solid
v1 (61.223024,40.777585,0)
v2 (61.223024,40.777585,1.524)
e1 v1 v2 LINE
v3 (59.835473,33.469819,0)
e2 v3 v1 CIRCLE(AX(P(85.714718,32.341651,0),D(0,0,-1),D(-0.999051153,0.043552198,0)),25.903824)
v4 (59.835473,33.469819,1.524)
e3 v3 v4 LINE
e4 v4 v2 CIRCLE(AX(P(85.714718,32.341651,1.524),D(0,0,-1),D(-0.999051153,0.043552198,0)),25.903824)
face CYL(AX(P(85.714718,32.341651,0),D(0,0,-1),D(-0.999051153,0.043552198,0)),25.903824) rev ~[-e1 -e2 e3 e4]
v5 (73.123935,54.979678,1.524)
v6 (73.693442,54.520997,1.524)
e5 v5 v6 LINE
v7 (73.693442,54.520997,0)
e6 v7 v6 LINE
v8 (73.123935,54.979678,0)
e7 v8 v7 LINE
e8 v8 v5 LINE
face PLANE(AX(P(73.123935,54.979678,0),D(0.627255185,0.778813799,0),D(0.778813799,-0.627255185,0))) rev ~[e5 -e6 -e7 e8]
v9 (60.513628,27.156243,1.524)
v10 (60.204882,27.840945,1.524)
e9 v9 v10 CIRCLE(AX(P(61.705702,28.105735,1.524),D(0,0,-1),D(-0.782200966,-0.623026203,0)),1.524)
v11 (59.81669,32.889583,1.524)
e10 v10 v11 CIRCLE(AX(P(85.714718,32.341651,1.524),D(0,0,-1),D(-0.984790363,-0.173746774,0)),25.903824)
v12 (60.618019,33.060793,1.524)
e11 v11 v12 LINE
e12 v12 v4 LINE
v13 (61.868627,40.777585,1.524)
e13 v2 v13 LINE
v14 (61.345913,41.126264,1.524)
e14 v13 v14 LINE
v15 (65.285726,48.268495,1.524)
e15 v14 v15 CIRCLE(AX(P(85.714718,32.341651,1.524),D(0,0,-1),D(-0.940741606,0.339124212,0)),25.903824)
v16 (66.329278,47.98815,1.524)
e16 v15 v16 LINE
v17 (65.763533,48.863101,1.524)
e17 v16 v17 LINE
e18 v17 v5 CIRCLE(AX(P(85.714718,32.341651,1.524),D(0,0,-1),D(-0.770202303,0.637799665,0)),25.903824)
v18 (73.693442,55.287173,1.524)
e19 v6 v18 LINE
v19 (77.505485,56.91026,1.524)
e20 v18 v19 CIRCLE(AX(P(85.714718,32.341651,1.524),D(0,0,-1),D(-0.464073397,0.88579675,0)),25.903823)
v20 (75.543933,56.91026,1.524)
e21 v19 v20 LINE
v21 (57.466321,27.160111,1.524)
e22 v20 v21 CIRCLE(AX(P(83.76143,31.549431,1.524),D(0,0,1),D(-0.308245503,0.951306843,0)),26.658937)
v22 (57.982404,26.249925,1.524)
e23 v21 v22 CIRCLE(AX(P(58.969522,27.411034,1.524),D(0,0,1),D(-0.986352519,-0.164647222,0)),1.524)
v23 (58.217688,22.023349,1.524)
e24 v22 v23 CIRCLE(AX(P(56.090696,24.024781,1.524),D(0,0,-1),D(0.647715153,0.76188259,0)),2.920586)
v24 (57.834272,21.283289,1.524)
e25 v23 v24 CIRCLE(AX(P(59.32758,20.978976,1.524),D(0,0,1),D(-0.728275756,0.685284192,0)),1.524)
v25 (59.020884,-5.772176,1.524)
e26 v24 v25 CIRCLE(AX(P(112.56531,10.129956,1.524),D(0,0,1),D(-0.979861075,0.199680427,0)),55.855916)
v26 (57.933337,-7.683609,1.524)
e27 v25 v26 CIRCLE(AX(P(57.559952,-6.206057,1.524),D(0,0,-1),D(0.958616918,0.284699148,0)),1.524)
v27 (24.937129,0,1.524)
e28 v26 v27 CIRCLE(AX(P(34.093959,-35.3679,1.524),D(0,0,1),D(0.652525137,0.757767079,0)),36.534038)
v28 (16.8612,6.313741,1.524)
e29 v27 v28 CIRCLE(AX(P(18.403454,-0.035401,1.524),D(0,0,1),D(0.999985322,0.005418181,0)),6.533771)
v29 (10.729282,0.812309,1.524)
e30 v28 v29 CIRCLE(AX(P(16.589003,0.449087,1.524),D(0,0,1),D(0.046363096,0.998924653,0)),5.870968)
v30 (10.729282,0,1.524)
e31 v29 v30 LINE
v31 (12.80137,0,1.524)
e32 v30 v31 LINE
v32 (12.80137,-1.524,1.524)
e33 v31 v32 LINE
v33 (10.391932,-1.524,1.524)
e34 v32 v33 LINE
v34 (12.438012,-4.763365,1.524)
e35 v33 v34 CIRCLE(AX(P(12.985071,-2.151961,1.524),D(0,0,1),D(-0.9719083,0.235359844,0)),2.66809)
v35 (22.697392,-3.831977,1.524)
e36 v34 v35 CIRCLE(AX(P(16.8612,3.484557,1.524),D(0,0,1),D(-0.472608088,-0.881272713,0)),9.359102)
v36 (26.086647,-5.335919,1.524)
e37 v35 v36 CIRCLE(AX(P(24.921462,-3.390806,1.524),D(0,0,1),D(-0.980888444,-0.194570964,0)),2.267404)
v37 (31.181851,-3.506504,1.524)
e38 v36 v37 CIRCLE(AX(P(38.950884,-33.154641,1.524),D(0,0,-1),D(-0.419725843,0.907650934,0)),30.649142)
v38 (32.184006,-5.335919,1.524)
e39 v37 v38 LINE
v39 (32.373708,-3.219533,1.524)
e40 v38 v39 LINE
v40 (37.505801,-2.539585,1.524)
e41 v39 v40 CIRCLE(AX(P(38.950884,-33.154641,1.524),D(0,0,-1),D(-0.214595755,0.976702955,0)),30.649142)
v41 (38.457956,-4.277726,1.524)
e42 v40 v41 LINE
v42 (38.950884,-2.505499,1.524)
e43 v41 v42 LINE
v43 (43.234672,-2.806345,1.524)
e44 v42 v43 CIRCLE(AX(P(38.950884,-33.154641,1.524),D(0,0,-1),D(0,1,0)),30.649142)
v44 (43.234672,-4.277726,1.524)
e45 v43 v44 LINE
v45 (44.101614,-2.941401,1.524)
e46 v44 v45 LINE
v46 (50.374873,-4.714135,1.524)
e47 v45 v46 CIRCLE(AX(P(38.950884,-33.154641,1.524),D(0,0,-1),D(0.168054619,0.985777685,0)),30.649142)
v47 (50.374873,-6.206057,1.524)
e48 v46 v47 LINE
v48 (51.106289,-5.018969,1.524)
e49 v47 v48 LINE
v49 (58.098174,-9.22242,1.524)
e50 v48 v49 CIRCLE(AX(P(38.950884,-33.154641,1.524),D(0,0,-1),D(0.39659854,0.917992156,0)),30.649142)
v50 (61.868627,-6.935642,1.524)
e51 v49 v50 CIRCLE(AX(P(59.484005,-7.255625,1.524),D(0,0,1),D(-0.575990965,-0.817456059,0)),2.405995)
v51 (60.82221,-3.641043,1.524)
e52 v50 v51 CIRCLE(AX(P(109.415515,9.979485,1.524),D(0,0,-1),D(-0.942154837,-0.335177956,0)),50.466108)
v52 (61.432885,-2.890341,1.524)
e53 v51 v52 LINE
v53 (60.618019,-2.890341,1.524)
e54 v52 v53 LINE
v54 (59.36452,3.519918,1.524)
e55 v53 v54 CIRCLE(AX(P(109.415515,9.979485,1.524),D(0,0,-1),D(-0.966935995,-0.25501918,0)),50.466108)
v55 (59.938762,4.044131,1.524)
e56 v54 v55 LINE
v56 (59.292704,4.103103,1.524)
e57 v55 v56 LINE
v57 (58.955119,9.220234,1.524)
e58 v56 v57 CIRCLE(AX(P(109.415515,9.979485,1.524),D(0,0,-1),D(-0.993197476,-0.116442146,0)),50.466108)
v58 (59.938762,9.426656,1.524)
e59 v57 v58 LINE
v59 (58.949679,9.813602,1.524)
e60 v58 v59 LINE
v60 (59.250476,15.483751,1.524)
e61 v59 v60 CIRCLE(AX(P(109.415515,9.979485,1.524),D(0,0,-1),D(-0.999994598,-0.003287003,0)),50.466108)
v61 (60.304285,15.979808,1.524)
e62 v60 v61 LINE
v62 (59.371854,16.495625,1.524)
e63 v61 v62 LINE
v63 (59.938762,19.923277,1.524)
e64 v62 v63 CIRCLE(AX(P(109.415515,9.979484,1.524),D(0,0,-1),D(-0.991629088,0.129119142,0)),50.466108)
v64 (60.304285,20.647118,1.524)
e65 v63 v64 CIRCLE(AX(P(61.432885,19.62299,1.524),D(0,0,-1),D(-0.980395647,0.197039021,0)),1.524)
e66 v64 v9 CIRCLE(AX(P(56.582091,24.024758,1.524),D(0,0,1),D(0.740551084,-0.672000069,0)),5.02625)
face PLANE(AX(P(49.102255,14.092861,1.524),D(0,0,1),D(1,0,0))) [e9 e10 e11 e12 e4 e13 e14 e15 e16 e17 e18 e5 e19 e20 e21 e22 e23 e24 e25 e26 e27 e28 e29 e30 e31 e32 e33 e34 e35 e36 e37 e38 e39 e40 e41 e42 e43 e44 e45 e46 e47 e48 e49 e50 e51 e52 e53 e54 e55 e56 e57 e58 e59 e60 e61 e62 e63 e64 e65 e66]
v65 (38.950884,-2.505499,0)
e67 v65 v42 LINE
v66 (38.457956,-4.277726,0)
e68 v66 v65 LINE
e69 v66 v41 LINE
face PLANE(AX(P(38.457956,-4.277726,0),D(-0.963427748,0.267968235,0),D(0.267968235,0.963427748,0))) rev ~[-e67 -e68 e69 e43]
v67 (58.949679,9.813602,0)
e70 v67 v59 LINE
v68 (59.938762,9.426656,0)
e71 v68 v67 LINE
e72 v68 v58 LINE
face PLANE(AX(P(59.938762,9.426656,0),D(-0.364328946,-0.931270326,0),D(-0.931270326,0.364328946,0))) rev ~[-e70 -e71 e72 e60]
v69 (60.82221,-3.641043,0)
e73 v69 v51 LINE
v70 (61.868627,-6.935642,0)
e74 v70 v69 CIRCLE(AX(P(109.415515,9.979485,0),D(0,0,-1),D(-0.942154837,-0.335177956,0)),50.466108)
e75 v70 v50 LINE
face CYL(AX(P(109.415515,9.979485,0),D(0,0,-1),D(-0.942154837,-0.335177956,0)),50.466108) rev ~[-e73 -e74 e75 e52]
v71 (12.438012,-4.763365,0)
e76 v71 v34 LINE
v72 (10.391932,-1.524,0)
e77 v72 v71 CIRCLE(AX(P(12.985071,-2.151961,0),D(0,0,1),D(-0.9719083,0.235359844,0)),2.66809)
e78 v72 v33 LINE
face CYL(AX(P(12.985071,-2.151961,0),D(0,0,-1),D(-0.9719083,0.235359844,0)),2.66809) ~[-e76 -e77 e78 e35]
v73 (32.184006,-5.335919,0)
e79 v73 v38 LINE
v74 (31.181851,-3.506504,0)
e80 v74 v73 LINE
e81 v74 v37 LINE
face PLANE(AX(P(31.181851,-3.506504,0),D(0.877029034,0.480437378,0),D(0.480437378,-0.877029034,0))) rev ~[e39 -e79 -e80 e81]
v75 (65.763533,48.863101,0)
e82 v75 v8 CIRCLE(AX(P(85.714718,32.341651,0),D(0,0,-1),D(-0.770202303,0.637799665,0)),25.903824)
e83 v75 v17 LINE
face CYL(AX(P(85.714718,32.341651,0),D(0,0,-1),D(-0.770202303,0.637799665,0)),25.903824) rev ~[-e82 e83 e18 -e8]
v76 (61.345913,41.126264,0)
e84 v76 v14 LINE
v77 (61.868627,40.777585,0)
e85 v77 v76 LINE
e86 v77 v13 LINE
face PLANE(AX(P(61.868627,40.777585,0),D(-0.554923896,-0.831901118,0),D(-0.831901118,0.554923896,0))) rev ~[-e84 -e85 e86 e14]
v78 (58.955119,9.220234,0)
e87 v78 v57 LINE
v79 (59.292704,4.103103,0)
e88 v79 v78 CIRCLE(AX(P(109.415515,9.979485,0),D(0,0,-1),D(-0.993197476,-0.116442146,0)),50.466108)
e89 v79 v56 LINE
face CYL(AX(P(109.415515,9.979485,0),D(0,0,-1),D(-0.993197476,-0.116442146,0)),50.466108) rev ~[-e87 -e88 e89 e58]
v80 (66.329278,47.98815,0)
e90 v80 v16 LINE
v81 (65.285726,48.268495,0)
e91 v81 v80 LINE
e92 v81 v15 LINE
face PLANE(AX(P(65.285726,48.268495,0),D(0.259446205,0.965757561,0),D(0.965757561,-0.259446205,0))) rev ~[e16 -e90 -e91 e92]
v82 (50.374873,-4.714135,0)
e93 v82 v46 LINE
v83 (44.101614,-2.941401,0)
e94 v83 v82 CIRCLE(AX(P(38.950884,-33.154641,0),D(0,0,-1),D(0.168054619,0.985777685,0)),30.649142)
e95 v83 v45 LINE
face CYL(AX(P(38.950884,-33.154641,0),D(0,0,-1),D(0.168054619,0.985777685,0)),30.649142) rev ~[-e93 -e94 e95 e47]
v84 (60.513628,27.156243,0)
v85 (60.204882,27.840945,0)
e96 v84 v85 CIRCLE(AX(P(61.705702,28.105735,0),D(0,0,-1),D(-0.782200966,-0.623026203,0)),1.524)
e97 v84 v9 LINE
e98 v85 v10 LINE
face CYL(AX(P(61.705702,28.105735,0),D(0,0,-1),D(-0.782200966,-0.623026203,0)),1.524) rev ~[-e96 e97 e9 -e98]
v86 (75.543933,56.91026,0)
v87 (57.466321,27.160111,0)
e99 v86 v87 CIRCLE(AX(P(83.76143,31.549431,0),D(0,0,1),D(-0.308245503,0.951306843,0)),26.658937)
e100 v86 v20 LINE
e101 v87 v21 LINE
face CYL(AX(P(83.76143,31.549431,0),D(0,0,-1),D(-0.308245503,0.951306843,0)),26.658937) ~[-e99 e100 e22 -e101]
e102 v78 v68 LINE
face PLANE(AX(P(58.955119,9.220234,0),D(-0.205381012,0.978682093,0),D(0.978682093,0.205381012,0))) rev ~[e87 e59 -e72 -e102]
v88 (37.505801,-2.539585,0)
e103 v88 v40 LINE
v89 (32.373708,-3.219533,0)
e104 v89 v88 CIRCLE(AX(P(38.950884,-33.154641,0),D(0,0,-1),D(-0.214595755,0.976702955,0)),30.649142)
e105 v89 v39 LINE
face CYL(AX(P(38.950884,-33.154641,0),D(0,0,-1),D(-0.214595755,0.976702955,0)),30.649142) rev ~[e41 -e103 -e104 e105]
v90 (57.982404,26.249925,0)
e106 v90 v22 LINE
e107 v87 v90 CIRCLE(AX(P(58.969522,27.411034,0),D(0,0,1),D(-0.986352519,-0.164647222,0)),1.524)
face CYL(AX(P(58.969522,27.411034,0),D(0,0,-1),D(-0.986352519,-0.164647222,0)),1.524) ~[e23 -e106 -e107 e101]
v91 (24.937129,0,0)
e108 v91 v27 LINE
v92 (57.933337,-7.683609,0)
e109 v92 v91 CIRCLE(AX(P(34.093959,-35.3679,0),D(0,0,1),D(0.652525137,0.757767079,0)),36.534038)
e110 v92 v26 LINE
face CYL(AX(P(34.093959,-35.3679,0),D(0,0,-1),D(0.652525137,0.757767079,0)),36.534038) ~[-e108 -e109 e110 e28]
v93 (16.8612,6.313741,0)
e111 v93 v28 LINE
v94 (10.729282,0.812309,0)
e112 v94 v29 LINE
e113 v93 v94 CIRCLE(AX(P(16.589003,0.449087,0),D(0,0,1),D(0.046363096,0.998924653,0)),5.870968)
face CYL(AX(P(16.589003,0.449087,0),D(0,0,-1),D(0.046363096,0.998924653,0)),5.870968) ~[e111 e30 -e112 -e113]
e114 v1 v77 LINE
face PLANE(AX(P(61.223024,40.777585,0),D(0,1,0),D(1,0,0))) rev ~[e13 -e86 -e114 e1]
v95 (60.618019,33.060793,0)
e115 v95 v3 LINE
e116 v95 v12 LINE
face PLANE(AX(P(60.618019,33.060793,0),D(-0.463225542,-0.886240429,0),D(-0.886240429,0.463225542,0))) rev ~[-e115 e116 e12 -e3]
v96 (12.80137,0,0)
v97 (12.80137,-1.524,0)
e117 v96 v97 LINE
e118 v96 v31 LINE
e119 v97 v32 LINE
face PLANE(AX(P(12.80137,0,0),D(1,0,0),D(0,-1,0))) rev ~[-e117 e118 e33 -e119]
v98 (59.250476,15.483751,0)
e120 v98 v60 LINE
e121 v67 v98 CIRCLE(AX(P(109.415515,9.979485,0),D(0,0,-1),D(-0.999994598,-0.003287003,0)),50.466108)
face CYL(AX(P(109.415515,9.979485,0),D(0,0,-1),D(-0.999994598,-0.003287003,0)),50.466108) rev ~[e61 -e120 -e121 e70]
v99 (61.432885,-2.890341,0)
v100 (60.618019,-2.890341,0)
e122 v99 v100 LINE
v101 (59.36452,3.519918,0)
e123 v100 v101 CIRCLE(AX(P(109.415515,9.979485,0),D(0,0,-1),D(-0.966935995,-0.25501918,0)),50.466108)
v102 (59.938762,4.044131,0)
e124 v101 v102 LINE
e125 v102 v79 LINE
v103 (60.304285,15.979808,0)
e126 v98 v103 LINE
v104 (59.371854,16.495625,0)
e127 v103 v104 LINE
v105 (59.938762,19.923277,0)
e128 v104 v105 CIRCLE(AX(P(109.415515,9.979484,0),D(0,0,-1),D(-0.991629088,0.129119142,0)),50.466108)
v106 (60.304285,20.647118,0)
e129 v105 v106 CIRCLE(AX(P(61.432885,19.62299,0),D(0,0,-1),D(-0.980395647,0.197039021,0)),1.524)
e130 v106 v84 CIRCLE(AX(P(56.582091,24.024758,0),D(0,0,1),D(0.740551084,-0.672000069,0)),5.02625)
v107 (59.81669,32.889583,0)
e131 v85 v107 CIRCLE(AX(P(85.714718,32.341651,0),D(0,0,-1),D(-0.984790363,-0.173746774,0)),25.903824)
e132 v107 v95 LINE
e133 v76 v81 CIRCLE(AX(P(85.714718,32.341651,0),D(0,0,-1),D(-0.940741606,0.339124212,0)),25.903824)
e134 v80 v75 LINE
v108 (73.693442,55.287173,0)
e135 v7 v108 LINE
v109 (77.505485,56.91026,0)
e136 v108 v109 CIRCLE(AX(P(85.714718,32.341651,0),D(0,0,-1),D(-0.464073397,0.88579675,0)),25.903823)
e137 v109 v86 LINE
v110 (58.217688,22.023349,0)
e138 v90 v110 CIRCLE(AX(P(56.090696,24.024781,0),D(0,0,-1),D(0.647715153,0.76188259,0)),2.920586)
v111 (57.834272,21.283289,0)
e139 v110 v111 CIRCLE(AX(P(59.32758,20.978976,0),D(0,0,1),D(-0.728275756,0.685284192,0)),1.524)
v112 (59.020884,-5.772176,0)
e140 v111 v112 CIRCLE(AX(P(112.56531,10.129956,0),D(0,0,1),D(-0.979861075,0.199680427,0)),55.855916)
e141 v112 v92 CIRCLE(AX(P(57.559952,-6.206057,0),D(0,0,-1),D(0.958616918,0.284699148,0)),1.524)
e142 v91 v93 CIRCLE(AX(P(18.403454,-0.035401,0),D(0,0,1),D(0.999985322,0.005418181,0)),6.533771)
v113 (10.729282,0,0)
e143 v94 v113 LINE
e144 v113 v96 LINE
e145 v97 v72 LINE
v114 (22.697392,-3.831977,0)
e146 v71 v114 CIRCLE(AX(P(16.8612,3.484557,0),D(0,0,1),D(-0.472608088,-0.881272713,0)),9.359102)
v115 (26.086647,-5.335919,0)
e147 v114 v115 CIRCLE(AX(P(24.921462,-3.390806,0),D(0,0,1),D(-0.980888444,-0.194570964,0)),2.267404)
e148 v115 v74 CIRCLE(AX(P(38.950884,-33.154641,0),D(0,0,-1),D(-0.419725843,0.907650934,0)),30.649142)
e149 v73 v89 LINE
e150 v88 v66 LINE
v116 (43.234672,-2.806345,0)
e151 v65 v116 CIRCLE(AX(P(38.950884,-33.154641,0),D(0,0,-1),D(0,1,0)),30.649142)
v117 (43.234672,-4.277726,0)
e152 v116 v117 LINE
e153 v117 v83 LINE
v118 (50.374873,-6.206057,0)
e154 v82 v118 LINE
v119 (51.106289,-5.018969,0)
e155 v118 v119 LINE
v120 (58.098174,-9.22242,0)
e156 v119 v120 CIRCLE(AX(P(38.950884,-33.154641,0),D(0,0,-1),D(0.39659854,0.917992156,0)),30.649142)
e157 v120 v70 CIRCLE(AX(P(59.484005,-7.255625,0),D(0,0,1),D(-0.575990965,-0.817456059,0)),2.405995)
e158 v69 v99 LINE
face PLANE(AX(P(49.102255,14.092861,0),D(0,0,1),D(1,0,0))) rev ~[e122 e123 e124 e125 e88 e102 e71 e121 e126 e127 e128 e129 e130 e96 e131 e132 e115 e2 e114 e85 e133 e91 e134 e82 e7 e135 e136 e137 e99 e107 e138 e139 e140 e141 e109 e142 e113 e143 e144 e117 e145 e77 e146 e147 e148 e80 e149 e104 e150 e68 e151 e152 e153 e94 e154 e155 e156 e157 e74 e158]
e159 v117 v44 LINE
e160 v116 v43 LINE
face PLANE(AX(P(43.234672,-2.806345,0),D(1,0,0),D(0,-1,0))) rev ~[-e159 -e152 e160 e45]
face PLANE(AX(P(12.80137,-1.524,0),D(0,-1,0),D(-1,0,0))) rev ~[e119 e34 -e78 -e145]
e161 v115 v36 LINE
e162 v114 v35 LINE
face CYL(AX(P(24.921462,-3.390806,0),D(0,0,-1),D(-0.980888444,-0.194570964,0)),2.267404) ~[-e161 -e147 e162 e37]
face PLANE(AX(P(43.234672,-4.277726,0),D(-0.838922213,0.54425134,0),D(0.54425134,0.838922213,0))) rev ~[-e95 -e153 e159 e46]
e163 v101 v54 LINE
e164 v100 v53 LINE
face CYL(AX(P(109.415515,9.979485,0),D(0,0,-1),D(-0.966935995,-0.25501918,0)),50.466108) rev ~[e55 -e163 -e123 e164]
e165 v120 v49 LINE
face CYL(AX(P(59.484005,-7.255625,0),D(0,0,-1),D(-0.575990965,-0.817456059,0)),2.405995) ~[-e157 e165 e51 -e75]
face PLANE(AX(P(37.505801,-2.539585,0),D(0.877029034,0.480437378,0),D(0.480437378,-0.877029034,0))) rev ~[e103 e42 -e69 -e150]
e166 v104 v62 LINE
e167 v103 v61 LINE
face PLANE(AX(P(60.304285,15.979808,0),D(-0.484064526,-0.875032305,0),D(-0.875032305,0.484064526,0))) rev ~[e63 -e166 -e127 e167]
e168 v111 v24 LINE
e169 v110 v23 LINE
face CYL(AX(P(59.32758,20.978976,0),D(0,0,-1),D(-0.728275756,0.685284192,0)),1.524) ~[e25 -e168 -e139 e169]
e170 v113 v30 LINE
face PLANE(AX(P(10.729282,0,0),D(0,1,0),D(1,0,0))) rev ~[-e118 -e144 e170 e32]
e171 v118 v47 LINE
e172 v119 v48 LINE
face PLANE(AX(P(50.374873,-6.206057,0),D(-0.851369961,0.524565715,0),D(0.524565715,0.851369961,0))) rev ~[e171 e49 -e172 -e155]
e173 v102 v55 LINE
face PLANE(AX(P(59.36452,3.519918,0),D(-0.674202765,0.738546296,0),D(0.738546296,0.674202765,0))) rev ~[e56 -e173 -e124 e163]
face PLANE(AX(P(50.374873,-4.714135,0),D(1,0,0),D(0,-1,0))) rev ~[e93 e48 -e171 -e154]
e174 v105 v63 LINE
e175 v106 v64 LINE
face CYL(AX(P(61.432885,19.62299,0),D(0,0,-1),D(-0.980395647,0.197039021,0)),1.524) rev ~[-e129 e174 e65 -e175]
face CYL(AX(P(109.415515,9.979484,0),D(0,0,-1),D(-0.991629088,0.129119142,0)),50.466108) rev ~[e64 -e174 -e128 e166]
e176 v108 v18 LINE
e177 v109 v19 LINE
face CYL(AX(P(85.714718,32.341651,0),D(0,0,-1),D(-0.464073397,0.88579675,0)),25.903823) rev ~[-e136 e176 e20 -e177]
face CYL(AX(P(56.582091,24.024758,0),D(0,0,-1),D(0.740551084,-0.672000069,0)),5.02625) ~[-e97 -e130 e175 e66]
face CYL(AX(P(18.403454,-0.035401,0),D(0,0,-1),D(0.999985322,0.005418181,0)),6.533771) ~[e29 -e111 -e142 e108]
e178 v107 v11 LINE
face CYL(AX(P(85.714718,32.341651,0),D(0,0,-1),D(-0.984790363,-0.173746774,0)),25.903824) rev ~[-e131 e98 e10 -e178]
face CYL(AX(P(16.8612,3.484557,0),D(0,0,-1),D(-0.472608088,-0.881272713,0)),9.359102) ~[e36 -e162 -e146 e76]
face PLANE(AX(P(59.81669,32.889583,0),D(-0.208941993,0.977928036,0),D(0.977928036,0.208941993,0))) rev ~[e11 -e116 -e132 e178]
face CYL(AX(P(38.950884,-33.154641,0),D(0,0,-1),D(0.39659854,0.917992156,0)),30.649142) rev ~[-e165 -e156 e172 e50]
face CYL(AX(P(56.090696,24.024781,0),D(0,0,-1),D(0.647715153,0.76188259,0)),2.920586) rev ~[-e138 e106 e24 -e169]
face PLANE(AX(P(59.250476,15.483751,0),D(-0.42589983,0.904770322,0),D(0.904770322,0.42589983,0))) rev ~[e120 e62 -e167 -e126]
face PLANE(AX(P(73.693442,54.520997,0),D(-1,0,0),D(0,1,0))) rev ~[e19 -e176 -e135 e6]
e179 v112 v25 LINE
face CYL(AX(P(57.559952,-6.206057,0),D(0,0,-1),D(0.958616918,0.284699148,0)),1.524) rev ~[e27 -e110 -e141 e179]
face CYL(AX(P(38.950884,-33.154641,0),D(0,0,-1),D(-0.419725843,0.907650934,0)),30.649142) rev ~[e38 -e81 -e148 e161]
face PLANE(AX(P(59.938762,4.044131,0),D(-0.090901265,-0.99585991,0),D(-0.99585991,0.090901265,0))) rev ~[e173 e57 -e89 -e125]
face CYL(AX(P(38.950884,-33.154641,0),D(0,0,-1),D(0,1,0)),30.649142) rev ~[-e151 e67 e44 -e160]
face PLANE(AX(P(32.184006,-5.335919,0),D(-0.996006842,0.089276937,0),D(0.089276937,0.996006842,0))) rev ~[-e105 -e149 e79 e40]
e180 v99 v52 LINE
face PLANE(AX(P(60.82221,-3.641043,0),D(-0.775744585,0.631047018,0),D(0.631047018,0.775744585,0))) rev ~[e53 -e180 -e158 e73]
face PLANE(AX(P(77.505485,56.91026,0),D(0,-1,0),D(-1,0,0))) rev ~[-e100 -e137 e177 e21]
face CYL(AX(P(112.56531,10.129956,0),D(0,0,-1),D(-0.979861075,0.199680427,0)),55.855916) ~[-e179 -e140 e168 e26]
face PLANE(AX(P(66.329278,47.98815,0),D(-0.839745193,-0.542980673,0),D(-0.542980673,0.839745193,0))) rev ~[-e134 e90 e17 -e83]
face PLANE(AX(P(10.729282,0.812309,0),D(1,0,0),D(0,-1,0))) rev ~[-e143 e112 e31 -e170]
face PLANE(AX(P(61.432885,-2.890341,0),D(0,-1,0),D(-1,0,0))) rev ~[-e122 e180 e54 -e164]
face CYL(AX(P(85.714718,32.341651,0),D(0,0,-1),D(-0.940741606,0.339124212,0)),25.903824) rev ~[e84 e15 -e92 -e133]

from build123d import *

# Parameters (mm, degrees)
BOSS_EXTRUDE1_DEPTH = 1.524


with BuildPart() as part:
    # Sketch1 → Boss-Extrude1 (new body)
    with BuildSketch(Plane.XY):
        with BuildLine():
            Line((12.801369516, 0), (12.801369516, -1.524))
            Line((12.801369516, -1.524), (10.391932007, -1.524))
            ThreePointArc((10.391932007, -1.524), (10.729282299, -3.576784737), (12.438012127, -4.763365021))
            ThreePointArc((12.438012127, -4.763365021), (17.707377285, -5.836214945), (22.697391826, -3.831976686))
            ThreePointArc((22.697391826, -3.831976686), (24.001804643, -5.463328455), (26.08664711, -5.335918573))
            ThreePointArc((26.08664711, -5.335918573), (28.593778041, -4.308492819), (31.181851225, -3.506503807))
            Line((31.181851225, -3.506503807), (32.184006456, -5.335918573))
            Line((32.184006456, -5.335918573), (32.373708357, -3.219533349))
            ThreePointArc((32.373708357, -3.219533349), (34.925372654, -2.771007765), (37.505800807, -2.53958514))
            Line((37.505800807, -2.53958514), (38.45795608, -4.277725961))
            Line((38.45795608, -4.277725961), (38.950884125, -2.505498906))
            ThreePointArc((38.950884125, -2.505498906), (41.098053648, -2.580802933), (43.234672107, -2.806344974))
            Line((43.234672107, -2.806344974), (43.234672107, -4.277725961))
            Line((43.234672107, -4.277725961), (44.101614036, -2.941400649))
            ThreePointArc((44.101614036, -2.941400649), (47.285508928, -3.660506996), (50.374872797, -4.714134778))
            Line((50.374872797, -4.714134778), (50.374872797, -6.206057494))
            Line((50.374872797, -6.206057494), (51.106289172, -5.018968989))
            ThreePointArc((51.106289172, -5.018968989), (54.742715091, -6.887018604), (58.098173874, -9.222419893))
            ThreePointArc((58.098173874, -9.222419893), (60.731696449, -9.312826177), (61.868627066, -6.935642292))
            ThreePointArc((61.868627066, -6.935642292), (61.317201318, -5.297304696), (60.822209833, -3.641042681))
            Line((60.822209833, -3.641042681), (61.432885238, -2.890340871))
            Line((61.432885238, -2.890340871), (60.618018518, -2.890340871))
            ThreePointArc((60.618018518, -2.890340871), (59.887453188, 0.294487754), (59.364520303, 3.519918))
            Line((59.364520303, 3.519918), (59.938762272, 4.044130938))
            Line((59.938762272, 4.044130938), (59.292703769, 4.103102621))
            ThreePointArc((59.292703769, 4.103102621), (59.05887021, 6.657377407), (58.95511856, 9.220233903))
            Line((58.95511856, 9.220233903), (59.938762272, 9.426656134))
            Line((59.938762272, 9.426656134), (58.949679492, 9.813602305))
            ThreePointArc((58.949679492, 9.813602305), (59.020268562, 12.652910586), (59.250476195, 15.483751235))
            Line((59.250476195, 15.483751235), (60.304285386, 15.979807686))
            Line((60.304285386, 15.979807686), (59.371854232, 16.495625036))
            ThreePointArc((59.371854232, 16.495625036), (59.625803461, 18.214330904), (59.938762272, 19.923277028))
            ThreePointArc((59.938762272, 19.923277028), (60.072497403, 20.30995458), (60.304285386, 20.647117664))
            ThreePointArc((60.304285386, 20.647117664), (61.605742963, 23.863190011), (60.513628087, 27.156243043))
            ThreePointArc((60.513628087, 27.156243043), (60.316413067, 27.479275668), (60.204881845, 27.840944893))
            ThreePointArc((60.204881845, 27.840944893), (59.887129724, 30.355756102), (59.816689824, 32.889583256))
            Line((59.816689824, 32.889583256), (60.618018518, 33.060793415))
            Line((60.618018518, 33.060793415), (59.835472852, 33.469819147))
            ThreePointArc((59.835472852, 33.469819147), (60.265577513, 37.173766341), (61.223023534, 40.77758542))
            Line((61.223023534, 40.77758542), (61.868627066, 40.77758542))
            Line((61.868627066, 40.77758542), (61.345913077, 41.12626446))
            ThreePointArc((61.345913077, 41.12626446), (63.032929734, 44.85342804), (65.285725915, 48.268495084))
            Line((65.285725915, 48.268495084), (66.32927785, 47.988149788))
            Line((66.32927785, 47.988149788), (65.763533096, 48.863100705))
            ThreePointArc((65.763533096, 48.863100705), (69.158811096, 52.264251778), (73.1239346, 54.979677512))
            Line((73.1239346, 54.979677512), (73.693442296, 54.520997073))
            Line((73.693442296, 54.520997073), (73.693442296, 55.287173458))
            ThreePointArc((73.693442296, 55.287173458), (75.566961014, 56.175053965), (77.50548515, 56.910260303))
            Line((77.50548515, 56.910260303), (75.543932889, 56.910260303))
            ThreePointArc((75.543932889, 56.910260303), (60.978808558, 45.393240793), (57.46632066, 27.160111223))
            ThreePointArc((57.46632066, 27.160111223), (57.643802358, 26.659339703), (57.982404007, 26.24992452))
            ThreePointArc((57.982404007, 26.24992452), (59.006767547, 24.18711185), (58.217688211, 22.023348792))
            ThreePointArc((58.217688211, 22.023348792), (57.974404382, 21.680039515), (57.834272182, 21.283288652))
            ThreePointArc((57.834272182, 21.283288652), (56.763038041, 7.682552112), (59.02088406, -5.772175992))
            ThreePointArc((59.02088406, -5.772175992), (58.884555424, -6.959716199), (57.933337254, -7.683609307))
            ThreePointArc((57.933337254, -7.683609307), (42.379716063, 0.214147761), (24.937129111, 0))
            ThreePointArc((24.937129111, 0), (22.427681087, 5.112001973), (16.861199629, 6.313741433))
            ThreePointArc((16.861199629, 6.313741433), (12.668346736, 4.819065663), (10.729282299, 0.812308851))
            Line((10.729282299, 0.812308851), (10.729282299, 0))
            Line((10.729282299, 0), (12.801369516, 0))
        make_face()
    extrude(amount=BOSS_EXTRUDE1_DEPTH)


solid = part.part
